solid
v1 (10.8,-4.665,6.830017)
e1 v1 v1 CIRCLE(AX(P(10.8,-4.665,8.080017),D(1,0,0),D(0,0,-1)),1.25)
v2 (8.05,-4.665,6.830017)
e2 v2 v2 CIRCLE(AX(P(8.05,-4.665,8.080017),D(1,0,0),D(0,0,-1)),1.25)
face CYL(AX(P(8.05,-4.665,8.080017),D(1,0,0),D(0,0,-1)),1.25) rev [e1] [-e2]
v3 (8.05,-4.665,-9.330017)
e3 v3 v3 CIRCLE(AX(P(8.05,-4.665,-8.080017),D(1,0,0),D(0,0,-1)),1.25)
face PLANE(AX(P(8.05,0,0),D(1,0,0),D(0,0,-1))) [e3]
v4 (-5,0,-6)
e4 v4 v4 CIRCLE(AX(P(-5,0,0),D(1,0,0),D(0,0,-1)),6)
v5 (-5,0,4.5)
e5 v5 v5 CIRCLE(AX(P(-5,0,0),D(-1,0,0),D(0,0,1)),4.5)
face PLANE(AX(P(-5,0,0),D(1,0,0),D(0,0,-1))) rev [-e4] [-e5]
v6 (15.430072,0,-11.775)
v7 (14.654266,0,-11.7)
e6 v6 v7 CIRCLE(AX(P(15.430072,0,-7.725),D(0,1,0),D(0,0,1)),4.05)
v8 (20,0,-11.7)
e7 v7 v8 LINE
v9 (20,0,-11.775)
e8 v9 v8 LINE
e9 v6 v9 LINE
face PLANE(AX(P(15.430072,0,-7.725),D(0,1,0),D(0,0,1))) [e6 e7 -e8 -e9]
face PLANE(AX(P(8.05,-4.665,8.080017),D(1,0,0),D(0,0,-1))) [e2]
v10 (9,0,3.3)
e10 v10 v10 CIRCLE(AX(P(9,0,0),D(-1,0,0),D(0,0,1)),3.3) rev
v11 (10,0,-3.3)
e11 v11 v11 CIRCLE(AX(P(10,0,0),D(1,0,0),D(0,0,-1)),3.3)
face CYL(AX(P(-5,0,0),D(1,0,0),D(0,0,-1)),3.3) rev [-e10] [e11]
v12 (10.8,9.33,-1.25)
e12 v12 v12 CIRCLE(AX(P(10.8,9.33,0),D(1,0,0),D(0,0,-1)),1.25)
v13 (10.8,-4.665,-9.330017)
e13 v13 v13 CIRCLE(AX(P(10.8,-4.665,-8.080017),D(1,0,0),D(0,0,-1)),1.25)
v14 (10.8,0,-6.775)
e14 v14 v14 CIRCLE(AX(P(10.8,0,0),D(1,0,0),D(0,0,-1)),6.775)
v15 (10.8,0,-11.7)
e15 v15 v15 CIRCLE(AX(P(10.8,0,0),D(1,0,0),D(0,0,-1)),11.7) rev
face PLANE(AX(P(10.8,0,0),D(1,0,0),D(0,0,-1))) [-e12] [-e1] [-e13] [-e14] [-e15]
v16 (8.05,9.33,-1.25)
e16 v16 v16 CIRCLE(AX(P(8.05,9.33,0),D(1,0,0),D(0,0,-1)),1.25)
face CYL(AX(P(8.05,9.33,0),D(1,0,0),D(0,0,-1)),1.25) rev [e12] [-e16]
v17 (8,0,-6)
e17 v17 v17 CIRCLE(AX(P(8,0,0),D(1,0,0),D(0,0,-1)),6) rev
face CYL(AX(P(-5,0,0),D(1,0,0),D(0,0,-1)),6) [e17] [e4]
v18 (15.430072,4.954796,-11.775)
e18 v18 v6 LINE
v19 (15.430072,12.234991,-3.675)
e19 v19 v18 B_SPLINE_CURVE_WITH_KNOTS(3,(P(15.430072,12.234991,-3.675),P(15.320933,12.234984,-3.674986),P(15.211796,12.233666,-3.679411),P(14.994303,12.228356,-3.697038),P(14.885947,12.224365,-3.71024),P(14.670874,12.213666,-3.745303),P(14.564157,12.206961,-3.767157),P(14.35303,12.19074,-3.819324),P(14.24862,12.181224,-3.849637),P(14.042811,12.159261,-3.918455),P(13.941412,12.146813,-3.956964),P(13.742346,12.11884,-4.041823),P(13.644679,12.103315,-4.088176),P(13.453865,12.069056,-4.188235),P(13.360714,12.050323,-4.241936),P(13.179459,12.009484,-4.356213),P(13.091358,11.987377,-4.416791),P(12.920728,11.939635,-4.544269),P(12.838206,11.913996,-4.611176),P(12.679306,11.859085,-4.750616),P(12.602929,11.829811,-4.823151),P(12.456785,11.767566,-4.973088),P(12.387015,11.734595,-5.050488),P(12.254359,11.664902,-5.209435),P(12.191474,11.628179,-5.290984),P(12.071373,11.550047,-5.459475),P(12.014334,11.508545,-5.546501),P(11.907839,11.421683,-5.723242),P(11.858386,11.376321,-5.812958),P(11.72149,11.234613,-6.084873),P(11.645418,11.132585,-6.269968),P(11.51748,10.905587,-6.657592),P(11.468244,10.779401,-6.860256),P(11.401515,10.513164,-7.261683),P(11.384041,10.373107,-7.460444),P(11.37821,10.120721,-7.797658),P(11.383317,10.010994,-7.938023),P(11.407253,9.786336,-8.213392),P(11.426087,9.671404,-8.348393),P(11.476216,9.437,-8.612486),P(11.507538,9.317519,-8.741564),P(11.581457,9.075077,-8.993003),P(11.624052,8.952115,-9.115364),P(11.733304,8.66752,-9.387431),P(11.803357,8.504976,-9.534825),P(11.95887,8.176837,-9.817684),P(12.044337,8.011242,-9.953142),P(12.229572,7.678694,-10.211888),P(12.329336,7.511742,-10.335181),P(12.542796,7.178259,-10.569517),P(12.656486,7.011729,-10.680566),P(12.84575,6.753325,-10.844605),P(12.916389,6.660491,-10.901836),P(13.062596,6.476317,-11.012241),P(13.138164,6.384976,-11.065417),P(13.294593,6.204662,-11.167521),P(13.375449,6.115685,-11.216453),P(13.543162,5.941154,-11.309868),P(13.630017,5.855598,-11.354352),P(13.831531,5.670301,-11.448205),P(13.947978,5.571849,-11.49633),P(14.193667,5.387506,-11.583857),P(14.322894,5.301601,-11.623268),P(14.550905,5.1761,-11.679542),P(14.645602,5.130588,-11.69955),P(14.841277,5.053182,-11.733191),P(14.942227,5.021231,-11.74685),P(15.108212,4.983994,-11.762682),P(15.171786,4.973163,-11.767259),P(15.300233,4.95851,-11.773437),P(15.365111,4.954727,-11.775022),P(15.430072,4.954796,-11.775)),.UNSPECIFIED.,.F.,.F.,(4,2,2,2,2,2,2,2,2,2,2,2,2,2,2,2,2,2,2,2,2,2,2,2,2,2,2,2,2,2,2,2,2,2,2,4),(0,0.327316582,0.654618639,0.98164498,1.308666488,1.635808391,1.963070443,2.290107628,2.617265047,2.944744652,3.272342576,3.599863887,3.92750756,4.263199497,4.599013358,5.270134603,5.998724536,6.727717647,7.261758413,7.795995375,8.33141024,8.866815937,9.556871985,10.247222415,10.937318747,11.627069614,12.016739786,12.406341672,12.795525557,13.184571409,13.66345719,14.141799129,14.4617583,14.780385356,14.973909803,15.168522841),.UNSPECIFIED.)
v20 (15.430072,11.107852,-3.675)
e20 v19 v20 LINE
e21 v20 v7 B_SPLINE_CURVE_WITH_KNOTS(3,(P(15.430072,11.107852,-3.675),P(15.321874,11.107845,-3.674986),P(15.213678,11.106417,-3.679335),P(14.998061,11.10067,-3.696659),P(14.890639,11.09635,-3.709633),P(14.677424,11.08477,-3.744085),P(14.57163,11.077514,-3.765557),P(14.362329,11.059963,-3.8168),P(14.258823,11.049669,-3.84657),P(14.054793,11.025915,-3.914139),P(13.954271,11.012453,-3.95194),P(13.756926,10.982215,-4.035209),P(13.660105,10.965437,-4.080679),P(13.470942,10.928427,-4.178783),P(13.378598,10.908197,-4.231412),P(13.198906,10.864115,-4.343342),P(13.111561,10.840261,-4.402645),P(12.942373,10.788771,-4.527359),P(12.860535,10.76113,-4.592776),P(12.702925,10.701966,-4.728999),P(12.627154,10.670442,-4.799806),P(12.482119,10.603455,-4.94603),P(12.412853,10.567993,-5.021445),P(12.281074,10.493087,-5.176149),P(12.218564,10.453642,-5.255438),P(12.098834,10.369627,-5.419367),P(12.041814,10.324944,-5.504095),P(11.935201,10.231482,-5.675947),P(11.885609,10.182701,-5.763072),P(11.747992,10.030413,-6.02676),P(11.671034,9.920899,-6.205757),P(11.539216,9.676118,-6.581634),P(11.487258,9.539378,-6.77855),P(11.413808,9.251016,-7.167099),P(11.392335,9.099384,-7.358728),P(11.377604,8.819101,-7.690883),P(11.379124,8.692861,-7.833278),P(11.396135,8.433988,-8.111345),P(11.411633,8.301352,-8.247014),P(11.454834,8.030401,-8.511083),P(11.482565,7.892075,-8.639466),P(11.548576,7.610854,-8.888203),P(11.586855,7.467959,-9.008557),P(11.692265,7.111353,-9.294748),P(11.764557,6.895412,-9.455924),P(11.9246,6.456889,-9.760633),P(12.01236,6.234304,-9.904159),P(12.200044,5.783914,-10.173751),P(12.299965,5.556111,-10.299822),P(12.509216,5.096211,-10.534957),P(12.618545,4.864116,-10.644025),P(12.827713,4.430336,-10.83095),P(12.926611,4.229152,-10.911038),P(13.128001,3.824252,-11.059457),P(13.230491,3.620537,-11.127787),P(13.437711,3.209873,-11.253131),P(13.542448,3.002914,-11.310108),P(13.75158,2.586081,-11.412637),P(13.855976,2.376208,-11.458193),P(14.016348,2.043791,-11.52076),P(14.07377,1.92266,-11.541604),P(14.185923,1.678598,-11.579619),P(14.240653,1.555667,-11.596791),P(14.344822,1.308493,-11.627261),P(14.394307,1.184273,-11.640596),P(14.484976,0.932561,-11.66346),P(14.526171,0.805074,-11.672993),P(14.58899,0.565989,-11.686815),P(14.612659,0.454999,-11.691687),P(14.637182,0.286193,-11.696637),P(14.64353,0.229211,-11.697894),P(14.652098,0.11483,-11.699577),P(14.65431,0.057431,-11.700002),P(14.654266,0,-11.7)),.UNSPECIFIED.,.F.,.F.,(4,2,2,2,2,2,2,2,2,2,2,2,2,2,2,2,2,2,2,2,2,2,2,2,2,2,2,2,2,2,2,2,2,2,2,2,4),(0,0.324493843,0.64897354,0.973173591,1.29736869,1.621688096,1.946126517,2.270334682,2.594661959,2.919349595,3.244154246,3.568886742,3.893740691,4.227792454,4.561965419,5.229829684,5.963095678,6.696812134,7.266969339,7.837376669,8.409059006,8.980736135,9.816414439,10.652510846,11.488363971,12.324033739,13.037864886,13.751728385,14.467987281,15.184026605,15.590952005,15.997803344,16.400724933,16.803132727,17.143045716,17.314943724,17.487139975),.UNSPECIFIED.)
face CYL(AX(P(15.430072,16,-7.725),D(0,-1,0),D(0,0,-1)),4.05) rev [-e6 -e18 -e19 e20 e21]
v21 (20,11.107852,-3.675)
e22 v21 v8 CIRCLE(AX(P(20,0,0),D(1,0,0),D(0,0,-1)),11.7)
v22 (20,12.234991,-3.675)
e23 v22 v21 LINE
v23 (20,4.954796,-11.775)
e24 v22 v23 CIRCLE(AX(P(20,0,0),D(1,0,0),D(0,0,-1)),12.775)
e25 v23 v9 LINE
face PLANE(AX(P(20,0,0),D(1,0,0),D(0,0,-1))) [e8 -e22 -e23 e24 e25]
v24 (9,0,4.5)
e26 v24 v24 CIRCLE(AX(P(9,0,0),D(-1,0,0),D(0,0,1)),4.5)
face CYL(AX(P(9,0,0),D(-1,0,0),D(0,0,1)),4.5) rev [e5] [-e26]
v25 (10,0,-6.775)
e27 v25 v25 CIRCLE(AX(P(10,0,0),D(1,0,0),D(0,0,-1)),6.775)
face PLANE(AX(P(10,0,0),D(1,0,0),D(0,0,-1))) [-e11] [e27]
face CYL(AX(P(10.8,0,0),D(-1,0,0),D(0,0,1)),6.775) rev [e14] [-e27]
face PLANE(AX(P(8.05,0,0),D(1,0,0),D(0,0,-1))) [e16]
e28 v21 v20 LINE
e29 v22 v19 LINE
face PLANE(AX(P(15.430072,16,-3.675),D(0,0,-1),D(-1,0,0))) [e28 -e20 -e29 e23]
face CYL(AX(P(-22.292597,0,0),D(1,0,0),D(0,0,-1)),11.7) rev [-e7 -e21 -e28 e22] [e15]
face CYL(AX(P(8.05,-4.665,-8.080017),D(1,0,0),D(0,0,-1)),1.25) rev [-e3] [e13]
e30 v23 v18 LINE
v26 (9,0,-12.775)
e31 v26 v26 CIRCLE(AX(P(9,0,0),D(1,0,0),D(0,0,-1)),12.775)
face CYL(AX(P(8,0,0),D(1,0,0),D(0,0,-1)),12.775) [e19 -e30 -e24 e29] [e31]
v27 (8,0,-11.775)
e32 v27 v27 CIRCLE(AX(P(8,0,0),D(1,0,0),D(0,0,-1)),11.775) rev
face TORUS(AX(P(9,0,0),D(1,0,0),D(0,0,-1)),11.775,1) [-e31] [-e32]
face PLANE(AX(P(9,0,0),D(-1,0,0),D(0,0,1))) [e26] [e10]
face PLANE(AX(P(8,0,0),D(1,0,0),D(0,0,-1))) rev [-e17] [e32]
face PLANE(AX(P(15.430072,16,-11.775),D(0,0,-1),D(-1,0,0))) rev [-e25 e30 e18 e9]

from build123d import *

# Parameters (mm, degrees)
BOSS_EXTRUDE3_DEPTH      = 10
BOSS_EXTRUDE3_DEPTH_BACK = 5
SKETCH3_R                = 6
SKETCH3_R_2              = 3.3
SKETCH10_R               = 12.775
SKETCH10_R_2             = 3.65
SKETCH10_R_3             = 2.1
BOSS_EXTRUDE5_DEPTH      = 2
SKETCH11_R               = 11.275
SKETCH11_R_2             = 6.775
BOSS_EXTRUDE6_DEPTH      = 0.8
SKETCH12_R               = 1.25
CUT_EXTRUDE2_DEPTH       = 2.75
FILLET3_R                = 1
SKETCH13_R               = 12.775
SKETCH13_R_2             = 11.275
BOSS_EXTRUDE7_DEPTH      = 10
SKETCH14_R               = 11.7
CUT_EXTRUDE3_DEPTH       = 9.2
CUT_EXTRUDE5_DEPTH       = 16
SKETCH16_R               = 4.5
CUT_EXTRUDE6_DEPTH       = 14


with BuildPart() as part:
    # Sketch3 → Boss-Extrude3 (new, two sides: drawn at the far end of the back side and taken through both)
    with BuildSketch(Plane(origin=(0, 0, 0), x_dir=(0, 0, -1), z_dir=(1, 0, 0)).offset(-BOSS_EXTRUDE3_DEPTH_BACK)):
        Circle(SKETCH3_R)
        Circle(SKETCH3_R_2, mode=Mode.SUBTRACT)
    extrude(amount=BOSS_EXTRUDE3_DEPTH + BOSS_EXTRUDE3_DEPTH_BACK)

    # Sketch10 → Boss-Extrude5 (add)
    # profile 1 of 2: a face of its own
    with BuildSketch(Plane(origin=(10, 0, 0), x_dir=(0, 0, -1), z_dir=(1, 0, 0))):
        Circle(SKETCH10_R)
        Circle(SKETCH10_R_2, mode=Mode.SUBTRACT)
    # profile 2 of 2: a face of its own
    with BuildSketch(Plane(origin=(10, 0, 0), x_dir=(0, 0, -1), z_dir=(1, 0, 0))):
        Circle(SKETCH10_R_3)
    extrude(amount=-BOSS_EXTRUDE5_DEPTH)


with BuildPart() as boss_extrude5_kept_piece:
    # of the separate pieces the step leaves, the one the design keeps (boss_extrude5_pieces_kept)
    add(part.part.solids().sort_by_distance((0, 0, -6))[0])

    # Sketch11 → Boss-Extrude6 (add)
    with BuildSketch(Plane(origin=(10, 0, 0), x_dir=(0, 0, -1), z_dir=(1, 0, 0))):
        Circle(SKETCH11_R)
        Circle(SKETCH11_R_2, mode=Mode.SUBTRACT)
    extrude(amount=BOSS_EXTRUDE6_DEPTH)

    # Sketch12 → Cut-Extrude2 (cut)
    with BuildSketch(Plane(origin=(10.8, 0, 0), x_dir=(0, 0, -1), z_dir=(1, 0, 0))):
        with BuildLine():
            ThreePointArc((9.330017017, -4.665), (8.705017017, -3.582468245), (7.455017017, -3.582468245))
            Line((7.455017017, -3.582468245), (8.080017017, -4.665))
            Line((8.080017017, -4.665), (6.830017017, -4.665))
            ThreePointArc((6.830017017, -4.665), (8.080017017, -5.915), (9.330017017, -4.665))
        make_face()
        with BuildLine():
            Line((8.080017017, -4.665), (7.455017017, -3.582468245))
            ThreePointArc((7.455017017, -3.582468245), (6.997485263, -4.04), (6.830017017, -4.665))
            Line((6.830017017, -4.665), (8.080017017, -4.665))
        make_face()
        with BuildLine():
            Line((0.625, 8.247468245), (0, 9.33))
            Line((0, 9.33), (-0.625, 8.247468245))
            ThreePointArc((-0.625, 8.247468245), (0, 8.08), (0.625, 8.247468245))
        make_face()
        with BuildLine():
            Line((-0.625, 8.247468245), (0, 9.33))
            Line((0, 9.33), (0.625, 8.247468245))
            ThreePointArc((0.625, 8.247468245), (1.082531755, 8.705), (1.25, 9.33))
            ThreePointArc((1.25, 9.33), (-0.625, 10.412531755), (-0.625, 8.247468245))
        make_face()
        with Locations((-8.080017017, -4.665)):
            Circle(SKETCH12_R)
    extrude(amount=-CUT_EXTRUDE2_DEPTH, mode=Mode.SUBTRACT)

    # Fillet3
    fillet3_edges = [boss_extrude5_kept_piece.edges().sort_by_distance(p)[0] for p in [
        (8, 0, 12.775),
    ]]
    fillet(fillet3_edges, radius=FILLET3_R)

    # Sketch13 → Boss-Extrude7 (add)
    with BuildSketch(Plane(origin=(10, 0, 0), x_dir=(0, 0, -1), z_dir=(1, 0, 0))):
        Circle(SKETCH13_R)
        Circle(SKETCH13_R_2, mode=Mode.SUBTRACT)
    extrude(amount=BOSS_EXTRUDE7_DEPTH)

    # Sketch14 → Cut-Extrude3 (cut)
    with BuildSketch(Plane(origin=(20, 0, 0), x_dir=(0, 0, -1), z_dir=(1, 0, 0))):
        Circle(SKETCH14_R)
    extrude(amount=-CUT_EXTRUDE3_DEPTH, mode=Mode.SUBTRACT)

    # Sketch15 → Cut-Extrude5 (cut)
    with BuildSketch(Plane(origin=(0, 0, 0), x_dir=(1, 0, 0), z_dir=(0, 1, 0))):
        with BuildLine():
            Line((15.430071931, 3.675), (20, 3.675))
            Line((20, 3.675), (20, 11.775))
            Line((20, 11.775), (15.430071931, 11.775))
            ThreePointArc((15.430071931, 11.775), (11.380071931, 7.725), (15.430071931, 3.675))
        make_face()
    extrude(amount=CUT_EXTRUDE5_DEPTH, mode=Mode.SUBTRACT)

    # Sketch16 → Cut-Extrude6 (cut)
    with BuildSketch(Plane.ZY.offset(5)):
        Circle(SKETCH16_R)
    extrude(amount=-CUT_EXTRUDE6_DEPTH, mode=Mode.SUBTRACT)


solid = boss_extrude5_kept_piece.part
